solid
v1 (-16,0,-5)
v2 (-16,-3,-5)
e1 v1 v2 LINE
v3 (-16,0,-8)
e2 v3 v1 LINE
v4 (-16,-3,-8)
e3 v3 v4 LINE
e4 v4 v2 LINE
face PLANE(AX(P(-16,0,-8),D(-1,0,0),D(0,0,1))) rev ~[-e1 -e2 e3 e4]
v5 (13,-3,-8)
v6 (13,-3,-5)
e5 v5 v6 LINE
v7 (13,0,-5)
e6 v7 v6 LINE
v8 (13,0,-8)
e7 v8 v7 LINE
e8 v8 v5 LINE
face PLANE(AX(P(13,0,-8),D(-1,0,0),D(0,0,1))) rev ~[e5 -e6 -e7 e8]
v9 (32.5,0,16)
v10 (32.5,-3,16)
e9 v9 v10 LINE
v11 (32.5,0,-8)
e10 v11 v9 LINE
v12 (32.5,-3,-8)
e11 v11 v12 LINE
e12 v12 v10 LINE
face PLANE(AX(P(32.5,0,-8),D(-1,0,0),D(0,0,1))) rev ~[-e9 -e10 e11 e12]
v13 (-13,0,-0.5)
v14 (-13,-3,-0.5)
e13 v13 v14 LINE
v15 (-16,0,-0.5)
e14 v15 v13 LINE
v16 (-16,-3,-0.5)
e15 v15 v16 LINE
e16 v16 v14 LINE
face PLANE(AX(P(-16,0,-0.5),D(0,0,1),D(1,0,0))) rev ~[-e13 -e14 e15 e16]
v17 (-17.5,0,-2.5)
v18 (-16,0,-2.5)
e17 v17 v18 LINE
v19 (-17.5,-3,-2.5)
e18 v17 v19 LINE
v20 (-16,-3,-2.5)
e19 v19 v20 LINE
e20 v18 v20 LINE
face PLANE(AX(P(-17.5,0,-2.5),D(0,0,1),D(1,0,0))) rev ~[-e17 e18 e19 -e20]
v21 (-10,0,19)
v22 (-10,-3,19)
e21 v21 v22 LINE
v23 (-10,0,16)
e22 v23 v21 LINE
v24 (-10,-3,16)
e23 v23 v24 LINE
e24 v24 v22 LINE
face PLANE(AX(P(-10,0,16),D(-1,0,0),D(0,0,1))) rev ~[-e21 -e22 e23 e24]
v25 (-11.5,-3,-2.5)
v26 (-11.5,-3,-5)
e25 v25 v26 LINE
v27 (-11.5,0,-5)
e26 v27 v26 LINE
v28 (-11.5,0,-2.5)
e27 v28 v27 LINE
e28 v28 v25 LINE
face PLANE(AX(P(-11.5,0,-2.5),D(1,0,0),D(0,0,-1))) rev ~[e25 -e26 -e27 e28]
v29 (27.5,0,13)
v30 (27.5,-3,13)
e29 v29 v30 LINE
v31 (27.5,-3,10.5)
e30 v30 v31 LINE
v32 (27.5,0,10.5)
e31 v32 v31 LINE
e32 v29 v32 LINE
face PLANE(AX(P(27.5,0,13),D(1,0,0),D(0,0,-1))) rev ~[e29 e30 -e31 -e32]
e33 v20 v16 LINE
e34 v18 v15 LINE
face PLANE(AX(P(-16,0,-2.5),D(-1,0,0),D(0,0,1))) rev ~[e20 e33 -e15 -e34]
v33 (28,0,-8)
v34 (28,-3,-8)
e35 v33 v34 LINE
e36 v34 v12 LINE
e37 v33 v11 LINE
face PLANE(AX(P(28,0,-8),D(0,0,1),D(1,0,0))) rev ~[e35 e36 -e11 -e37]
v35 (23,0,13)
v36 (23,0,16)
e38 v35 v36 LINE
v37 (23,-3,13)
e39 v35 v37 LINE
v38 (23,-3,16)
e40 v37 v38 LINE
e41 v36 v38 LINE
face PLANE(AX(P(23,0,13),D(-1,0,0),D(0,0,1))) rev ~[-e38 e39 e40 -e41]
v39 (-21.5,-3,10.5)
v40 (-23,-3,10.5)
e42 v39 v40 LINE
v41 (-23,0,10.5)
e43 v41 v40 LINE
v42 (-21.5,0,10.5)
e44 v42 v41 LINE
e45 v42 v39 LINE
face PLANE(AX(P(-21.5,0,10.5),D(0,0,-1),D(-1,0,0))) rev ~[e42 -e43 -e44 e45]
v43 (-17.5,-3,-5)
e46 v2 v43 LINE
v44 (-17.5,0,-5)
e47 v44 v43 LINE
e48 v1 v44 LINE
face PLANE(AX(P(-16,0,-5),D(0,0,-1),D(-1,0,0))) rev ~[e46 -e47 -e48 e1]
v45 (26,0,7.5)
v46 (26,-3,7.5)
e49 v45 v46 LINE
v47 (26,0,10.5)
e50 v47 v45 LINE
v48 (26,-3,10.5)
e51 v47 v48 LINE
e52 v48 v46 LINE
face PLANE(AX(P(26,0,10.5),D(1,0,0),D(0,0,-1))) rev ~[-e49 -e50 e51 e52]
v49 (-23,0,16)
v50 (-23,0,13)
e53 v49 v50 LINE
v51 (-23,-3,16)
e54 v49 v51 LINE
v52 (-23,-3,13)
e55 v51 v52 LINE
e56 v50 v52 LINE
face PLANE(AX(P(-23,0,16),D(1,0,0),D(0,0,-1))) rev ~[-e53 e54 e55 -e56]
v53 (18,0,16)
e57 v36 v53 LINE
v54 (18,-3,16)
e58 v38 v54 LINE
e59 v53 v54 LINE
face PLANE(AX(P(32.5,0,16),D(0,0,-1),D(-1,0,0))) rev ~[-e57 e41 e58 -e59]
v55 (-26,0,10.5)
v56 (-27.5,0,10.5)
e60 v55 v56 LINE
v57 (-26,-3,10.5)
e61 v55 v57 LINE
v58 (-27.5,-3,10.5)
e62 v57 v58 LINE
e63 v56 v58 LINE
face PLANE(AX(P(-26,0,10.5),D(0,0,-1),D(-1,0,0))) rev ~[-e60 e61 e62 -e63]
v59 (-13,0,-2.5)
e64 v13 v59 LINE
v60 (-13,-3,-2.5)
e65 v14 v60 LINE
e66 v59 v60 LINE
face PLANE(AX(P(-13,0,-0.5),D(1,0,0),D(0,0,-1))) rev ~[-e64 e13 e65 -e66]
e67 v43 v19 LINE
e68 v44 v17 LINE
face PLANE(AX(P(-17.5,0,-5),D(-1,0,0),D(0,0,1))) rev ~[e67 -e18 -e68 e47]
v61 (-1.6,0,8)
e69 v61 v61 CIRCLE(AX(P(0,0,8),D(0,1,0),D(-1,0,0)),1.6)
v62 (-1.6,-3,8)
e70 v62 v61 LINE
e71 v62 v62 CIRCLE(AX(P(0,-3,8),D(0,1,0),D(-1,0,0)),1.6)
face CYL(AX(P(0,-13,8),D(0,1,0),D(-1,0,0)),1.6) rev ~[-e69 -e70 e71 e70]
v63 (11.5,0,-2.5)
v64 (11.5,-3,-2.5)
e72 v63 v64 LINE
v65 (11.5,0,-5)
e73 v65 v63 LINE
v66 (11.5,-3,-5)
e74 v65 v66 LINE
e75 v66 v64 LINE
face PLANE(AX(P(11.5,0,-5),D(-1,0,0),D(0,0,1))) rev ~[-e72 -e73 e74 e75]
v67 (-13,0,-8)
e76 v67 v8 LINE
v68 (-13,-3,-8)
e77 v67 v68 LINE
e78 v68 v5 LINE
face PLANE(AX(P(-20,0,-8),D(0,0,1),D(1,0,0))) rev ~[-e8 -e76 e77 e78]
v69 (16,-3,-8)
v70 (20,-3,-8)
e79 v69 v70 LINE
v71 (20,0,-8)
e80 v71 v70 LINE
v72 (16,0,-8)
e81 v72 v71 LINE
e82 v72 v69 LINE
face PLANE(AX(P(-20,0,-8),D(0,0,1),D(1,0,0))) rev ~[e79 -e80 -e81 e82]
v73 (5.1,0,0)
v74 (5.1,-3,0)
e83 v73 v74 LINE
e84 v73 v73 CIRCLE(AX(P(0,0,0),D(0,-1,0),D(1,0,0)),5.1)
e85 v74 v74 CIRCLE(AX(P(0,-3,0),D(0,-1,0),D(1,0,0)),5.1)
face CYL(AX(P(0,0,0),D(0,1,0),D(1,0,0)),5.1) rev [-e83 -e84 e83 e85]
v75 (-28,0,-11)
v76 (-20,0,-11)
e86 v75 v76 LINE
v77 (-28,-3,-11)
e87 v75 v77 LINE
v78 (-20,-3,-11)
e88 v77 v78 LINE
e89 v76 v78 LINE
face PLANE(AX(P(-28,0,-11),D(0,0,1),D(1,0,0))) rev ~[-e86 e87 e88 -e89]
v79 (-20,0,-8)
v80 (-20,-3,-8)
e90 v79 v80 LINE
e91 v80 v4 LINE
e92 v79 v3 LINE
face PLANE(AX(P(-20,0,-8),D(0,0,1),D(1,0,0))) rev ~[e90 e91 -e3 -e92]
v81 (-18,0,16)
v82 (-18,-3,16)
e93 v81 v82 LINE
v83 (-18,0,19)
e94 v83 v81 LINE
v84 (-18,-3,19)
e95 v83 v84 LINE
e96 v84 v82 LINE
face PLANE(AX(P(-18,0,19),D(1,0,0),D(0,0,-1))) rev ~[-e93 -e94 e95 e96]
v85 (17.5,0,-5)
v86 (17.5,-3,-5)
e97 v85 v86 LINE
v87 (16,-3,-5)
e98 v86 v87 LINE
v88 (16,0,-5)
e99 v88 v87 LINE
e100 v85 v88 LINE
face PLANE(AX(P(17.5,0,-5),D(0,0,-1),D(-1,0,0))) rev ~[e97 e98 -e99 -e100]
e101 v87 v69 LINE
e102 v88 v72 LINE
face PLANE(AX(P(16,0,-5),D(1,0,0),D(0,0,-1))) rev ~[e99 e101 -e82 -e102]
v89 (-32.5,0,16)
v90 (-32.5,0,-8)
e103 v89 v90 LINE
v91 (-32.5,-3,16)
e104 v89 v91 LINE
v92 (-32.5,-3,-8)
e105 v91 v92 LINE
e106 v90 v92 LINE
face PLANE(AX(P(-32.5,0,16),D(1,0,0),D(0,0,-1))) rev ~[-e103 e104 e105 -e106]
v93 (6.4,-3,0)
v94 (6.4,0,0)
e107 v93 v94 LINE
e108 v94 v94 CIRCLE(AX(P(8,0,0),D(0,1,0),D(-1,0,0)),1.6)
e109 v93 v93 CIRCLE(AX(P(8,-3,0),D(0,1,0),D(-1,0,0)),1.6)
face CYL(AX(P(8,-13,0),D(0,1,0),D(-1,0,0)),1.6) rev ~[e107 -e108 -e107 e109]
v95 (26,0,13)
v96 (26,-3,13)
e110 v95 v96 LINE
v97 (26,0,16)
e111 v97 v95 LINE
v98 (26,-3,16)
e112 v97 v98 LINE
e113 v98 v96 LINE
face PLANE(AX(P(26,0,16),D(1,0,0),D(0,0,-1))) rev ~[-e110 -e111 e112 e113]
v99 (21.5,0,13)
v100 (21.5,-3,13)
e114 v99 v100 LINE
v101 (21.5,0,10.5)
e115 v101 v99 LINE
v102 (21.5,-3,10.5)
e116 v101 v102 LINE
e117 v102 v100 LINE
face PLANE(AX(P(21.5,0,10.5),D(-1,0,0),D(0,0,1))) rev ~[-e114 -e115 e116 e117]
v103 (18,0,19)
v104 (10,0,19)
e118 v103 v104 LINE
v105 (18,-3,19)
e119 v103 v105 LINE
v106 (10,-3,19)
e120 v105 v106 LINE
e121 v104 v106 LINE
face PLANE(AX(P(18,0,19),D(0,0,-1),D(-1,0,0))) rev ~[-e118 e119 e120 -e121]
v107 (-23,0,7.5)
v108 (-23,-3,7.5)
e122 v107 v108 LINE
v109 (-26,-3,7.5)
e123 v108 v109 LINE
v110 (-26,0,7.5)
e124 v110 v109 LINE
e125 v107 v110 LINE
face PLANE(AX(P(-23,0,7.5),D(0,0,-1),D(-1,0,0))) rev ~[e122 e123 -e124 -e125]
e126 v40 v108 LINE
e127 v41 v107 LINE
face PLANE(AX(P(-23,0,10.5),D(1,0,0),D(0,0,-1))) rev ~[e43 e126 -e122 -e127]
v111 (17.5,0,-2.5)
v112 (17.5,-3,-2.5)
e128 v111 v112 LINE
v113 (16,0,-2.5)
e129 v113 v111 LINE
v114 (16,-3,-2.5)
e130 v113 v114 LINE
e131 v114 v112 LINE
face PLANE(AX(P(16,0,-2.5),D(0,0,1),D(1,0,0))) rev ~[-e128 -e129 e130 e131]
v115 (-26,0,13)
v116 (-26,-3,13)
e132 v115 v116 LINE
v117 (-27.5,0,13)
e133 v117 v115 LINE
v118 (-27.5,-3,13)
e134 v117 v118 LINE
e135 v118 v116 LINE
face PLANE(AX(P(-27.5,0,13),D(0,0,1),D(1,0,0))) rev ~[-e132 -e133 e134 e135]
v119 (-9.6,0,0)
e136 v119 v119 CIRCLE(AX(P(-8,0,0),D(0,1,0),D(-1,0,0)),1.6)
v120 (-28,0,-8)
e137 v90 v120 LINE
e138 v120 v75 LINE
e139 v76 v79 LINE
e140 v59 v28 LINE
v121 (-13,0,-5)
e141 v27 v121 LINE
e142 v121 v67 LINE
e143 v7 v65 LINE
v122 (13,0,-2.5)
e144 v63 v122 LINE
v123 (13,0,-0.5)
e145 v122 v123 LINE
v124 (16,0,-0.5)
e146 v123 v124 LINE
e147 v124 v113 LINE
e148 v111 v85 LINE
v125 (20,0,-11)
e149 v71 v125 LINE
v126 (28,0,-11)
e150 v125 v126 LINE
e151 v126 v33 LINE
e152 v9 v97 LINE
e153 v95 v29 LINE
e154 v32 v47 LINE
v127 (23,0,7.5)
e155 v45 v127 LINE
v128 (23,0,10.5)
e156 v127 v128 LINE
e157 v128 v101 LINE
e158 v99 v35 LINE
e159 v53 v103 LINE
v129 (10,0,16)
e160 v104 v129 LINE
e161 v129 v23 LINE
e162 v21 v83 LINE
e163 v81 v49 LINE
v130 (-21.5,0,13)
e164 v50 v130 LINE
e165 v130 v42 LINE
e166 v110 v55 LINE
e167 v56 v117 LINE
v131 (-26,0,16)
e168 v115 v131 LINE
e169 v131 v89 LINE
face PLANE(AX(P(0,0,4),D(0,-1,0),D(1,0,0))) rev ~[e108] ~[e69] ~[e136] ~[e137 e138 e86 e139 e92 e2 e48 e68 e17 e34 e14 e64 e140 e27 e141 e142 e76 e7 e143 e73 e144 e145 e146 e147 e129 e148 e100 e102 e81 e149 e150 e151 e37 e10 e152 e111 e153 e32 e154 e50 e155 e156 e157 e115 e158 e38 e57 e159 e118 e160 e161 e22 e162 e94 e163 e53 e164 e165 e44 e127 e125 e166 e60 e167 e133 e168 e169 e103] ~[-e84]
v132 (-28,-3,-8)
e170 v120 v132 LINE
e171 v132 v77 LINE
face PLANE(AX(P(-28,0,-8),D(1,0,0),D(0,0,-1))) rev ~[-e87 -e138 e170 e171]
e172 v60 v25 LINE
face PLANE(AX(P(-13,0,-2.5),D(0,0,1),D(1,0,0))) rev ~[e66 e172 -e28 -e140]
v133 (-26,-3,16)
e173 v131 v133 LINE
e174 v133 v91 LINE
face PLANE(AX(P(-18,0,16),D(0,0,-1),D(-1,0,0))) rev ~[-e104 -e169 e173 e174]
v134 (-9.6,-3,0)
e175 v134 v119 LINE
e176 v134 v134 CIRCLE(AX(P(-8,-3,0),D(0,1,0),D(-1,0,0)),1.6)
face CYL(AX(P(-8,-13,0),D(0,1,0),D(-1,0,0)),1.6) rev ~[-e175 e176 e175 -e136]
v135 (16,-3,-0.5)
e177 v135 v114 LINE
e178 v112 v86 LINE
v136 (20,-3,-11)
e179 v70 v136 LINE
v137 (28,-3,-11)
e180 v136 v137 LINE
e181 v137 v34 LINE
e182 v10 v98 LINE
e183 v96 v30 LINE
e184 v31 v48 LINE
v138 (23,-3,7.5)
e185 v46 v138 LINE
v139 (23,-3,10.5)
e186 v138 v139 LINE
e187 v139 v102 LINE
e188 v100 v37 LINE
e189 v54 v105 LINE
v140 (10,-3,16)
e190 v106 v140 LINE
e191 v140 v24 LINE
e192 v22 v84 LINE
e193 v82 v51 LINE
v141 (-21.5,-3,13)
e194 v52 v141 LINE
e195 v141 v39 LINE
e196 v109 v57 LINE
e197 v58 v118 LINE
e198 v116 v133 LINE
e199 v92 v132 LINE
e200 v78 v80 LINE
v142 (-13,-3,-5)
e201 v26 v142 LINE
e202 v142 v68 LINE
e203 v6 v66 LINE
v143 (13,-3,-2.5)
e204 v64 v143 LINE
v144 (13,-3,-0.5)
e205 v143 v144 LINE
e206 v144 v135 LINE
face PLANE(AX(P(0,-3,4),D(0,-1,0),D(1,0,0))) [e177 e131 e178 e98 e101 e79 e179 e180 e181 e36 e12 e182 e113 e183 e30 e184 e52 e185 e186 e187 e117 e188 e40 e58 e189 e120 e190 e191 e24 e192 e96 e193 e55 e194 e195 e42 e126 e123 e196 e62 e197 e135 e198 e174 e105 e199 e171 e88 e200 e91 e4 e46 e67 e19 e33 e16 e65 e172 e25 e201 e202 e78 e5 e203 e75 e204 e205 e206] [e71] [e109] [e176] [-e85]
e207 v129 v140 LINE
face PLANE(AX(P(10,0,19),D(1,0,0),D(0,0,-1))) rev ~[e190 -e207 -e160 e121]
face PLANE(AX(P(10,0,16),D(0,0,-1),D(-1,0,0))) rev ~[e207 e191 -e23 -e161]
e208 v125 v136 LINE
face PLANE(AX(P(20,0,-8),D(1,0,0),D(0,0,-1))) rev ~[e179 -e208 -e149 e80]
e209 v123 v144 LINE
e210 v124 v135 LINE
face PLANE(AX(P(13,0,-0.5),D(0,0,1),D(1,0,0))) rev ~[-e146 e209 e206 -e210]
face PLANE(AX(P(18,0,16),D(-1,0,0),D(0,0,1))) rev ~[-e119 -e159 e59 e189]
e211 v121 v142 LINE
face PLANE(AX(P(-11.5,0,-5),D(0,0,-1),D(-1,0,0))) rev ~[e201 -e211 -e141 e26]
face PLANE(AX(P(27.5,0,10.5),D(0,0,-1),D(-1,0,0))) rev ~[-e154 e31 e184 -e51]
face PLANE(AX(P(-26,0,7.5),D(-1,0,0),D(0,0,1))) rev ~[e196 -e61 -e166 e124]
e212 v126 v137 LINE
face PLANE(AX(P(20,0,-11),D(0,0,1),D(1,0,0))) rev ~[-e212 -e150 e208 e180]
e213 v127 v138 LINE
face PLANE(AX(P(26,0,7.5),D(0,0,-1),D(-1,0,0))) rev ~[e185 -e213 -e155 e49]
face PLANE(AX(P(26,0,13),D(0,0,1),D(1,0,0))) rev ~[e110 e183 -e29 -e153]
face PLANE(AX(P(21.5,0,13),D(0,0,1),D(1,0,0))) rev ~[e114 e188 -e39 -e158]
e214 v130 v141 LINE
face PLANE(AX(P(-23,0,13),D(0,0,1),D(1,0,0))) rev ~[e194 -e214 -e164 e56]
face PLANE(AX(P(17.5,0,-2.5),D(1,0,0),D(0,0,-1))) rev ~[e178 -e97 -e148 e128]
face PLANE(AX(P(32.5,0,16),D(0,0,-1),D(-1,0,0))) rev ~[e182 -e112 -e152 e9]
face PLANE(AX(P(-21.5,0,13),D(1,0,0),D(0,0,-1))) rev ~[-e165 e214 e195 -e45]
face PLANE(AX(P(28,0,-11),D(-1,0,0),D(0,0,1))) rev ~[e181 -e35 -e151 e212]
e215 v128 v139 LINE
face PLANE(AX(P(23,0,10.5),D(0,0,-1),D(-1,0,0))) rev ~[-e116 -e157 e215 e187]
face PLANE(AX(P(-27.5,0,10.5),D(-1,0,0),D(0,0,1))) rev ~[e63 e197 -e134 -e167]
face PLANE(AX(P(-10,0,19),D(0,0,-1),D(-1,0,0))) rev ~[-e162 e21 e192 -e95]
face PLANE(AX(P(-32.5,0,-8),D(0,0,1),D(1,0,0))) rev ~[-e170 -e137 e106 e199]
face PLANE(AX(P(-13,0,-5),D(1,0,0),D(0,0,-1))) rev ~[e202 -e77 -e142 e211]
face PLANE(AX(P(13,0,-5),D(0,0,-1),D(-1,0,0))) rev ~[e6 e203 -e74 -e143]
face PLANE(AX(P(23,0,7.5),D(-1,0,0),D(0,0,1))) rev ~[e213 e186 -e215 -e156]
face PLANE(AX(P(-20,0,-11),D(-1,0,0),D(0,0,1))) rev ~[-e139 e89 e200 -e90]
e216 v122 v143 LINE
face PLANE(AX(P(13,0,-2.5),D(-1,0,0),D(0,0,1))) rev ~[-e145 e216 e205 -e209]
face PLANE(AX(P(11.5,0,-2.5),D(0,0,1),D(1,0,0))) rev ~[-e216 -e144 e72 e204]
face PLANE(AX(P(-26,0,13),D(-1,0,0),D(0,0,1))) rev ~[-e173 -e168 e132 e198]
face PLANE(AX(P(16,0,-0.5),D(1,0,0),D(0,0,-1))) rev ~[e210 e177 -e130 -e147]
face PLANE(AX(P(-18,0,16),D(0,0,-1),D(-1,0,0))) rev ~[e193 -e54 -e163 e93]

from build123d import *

# Parameters (mm, degrees)
F0_R     = 5.1
F1_DEPTH = 3
F3_DEPTH = 3
F5_D     = 3.2
F5_DEPTH = 10
F5_TIP   = 0.9613769904


with BuildPart() as f1:
    # F0 (on Front) → F1 (new body)
    with BuildSketch(Plane.XZ):
        Polygon((28, -8), (32.5, -8), (32.5, 16), (18, 16), (18, 19), (10, 19), (10, 16), (0, 16), (-10, 16), (-10, 19), (-18, 19), (-18, 16), (-32.5, 16), (-32.5, -8), (-28, -8), (-28, -11), (-20, -11), (-20, -8), (0, -8), (20, -8), (20, -11), (28, -11), align=None)
        Circle(F0_R, mode=Mode.SUBTRACT)
    extrude(amount=F1_DEPTH)

    # F2 (on face) → F3 (cut, through all)
    with BuildSketch(Plane(origin=(0, 0, 0), x_dir=(-1, 0, 0), z_dir=(0, 1, 0))):
        Polygon((13, -5), (13, -8), (16, -8), (16, -5), (17.5, -5), (17.5, -2.5), (16, -2.5), (16, -0.5), (13, -0.5), (13, -2.5), (11.5, -2.5), (11.5, -5), align=None)
        Polygon((-16, -8), (-13, -8), (-13, -5), (-11.5, -5), (-11.5, -2.5), (-13, -2.5), (-13, -0.5), (-16, -0.5), (-16, -2.5), (-17.5, -2.5), (-17.5, -5), (-16, -5), align=None)
        Polygon((26, 13), (26, 16), (23, 16), (23, 13), (21.5, 13), (21.5, 10.5), (23, 10.5), (23, 7.5), (26, 7.5), (26, 10.5), (27.5, 10.5), (27.5, 13), align=None)
        Polygon((-23, 16), (-26, 16), (-26, 13), (-27.5, 13), (-27.5, 10.5), (-26, 10.5), (-26, 7.5), (-23, 7.5), (-23, 10.5), (-21.5, 10.5), (-21.5, 13), (-23, 13), align=None)
    extrude(amount=-F3_DEPTH, mode=Mode.SUBTRACT)

    # F5
    with Locations(Plane.XZ.offset(3)):
        with Locations((-8, 0), (0, 8), (8, 0)):
            Hole(F5_D / 2, depth=F5_DEPTH)
            with Locations((0, 0, -(F5_DEPTH + F5_TIP / 2))):  # 118° drill point
                Cone(0, F5_D / 2, F5_TIP, mode=Mode.SUBTRACT)


solid = f1.part
